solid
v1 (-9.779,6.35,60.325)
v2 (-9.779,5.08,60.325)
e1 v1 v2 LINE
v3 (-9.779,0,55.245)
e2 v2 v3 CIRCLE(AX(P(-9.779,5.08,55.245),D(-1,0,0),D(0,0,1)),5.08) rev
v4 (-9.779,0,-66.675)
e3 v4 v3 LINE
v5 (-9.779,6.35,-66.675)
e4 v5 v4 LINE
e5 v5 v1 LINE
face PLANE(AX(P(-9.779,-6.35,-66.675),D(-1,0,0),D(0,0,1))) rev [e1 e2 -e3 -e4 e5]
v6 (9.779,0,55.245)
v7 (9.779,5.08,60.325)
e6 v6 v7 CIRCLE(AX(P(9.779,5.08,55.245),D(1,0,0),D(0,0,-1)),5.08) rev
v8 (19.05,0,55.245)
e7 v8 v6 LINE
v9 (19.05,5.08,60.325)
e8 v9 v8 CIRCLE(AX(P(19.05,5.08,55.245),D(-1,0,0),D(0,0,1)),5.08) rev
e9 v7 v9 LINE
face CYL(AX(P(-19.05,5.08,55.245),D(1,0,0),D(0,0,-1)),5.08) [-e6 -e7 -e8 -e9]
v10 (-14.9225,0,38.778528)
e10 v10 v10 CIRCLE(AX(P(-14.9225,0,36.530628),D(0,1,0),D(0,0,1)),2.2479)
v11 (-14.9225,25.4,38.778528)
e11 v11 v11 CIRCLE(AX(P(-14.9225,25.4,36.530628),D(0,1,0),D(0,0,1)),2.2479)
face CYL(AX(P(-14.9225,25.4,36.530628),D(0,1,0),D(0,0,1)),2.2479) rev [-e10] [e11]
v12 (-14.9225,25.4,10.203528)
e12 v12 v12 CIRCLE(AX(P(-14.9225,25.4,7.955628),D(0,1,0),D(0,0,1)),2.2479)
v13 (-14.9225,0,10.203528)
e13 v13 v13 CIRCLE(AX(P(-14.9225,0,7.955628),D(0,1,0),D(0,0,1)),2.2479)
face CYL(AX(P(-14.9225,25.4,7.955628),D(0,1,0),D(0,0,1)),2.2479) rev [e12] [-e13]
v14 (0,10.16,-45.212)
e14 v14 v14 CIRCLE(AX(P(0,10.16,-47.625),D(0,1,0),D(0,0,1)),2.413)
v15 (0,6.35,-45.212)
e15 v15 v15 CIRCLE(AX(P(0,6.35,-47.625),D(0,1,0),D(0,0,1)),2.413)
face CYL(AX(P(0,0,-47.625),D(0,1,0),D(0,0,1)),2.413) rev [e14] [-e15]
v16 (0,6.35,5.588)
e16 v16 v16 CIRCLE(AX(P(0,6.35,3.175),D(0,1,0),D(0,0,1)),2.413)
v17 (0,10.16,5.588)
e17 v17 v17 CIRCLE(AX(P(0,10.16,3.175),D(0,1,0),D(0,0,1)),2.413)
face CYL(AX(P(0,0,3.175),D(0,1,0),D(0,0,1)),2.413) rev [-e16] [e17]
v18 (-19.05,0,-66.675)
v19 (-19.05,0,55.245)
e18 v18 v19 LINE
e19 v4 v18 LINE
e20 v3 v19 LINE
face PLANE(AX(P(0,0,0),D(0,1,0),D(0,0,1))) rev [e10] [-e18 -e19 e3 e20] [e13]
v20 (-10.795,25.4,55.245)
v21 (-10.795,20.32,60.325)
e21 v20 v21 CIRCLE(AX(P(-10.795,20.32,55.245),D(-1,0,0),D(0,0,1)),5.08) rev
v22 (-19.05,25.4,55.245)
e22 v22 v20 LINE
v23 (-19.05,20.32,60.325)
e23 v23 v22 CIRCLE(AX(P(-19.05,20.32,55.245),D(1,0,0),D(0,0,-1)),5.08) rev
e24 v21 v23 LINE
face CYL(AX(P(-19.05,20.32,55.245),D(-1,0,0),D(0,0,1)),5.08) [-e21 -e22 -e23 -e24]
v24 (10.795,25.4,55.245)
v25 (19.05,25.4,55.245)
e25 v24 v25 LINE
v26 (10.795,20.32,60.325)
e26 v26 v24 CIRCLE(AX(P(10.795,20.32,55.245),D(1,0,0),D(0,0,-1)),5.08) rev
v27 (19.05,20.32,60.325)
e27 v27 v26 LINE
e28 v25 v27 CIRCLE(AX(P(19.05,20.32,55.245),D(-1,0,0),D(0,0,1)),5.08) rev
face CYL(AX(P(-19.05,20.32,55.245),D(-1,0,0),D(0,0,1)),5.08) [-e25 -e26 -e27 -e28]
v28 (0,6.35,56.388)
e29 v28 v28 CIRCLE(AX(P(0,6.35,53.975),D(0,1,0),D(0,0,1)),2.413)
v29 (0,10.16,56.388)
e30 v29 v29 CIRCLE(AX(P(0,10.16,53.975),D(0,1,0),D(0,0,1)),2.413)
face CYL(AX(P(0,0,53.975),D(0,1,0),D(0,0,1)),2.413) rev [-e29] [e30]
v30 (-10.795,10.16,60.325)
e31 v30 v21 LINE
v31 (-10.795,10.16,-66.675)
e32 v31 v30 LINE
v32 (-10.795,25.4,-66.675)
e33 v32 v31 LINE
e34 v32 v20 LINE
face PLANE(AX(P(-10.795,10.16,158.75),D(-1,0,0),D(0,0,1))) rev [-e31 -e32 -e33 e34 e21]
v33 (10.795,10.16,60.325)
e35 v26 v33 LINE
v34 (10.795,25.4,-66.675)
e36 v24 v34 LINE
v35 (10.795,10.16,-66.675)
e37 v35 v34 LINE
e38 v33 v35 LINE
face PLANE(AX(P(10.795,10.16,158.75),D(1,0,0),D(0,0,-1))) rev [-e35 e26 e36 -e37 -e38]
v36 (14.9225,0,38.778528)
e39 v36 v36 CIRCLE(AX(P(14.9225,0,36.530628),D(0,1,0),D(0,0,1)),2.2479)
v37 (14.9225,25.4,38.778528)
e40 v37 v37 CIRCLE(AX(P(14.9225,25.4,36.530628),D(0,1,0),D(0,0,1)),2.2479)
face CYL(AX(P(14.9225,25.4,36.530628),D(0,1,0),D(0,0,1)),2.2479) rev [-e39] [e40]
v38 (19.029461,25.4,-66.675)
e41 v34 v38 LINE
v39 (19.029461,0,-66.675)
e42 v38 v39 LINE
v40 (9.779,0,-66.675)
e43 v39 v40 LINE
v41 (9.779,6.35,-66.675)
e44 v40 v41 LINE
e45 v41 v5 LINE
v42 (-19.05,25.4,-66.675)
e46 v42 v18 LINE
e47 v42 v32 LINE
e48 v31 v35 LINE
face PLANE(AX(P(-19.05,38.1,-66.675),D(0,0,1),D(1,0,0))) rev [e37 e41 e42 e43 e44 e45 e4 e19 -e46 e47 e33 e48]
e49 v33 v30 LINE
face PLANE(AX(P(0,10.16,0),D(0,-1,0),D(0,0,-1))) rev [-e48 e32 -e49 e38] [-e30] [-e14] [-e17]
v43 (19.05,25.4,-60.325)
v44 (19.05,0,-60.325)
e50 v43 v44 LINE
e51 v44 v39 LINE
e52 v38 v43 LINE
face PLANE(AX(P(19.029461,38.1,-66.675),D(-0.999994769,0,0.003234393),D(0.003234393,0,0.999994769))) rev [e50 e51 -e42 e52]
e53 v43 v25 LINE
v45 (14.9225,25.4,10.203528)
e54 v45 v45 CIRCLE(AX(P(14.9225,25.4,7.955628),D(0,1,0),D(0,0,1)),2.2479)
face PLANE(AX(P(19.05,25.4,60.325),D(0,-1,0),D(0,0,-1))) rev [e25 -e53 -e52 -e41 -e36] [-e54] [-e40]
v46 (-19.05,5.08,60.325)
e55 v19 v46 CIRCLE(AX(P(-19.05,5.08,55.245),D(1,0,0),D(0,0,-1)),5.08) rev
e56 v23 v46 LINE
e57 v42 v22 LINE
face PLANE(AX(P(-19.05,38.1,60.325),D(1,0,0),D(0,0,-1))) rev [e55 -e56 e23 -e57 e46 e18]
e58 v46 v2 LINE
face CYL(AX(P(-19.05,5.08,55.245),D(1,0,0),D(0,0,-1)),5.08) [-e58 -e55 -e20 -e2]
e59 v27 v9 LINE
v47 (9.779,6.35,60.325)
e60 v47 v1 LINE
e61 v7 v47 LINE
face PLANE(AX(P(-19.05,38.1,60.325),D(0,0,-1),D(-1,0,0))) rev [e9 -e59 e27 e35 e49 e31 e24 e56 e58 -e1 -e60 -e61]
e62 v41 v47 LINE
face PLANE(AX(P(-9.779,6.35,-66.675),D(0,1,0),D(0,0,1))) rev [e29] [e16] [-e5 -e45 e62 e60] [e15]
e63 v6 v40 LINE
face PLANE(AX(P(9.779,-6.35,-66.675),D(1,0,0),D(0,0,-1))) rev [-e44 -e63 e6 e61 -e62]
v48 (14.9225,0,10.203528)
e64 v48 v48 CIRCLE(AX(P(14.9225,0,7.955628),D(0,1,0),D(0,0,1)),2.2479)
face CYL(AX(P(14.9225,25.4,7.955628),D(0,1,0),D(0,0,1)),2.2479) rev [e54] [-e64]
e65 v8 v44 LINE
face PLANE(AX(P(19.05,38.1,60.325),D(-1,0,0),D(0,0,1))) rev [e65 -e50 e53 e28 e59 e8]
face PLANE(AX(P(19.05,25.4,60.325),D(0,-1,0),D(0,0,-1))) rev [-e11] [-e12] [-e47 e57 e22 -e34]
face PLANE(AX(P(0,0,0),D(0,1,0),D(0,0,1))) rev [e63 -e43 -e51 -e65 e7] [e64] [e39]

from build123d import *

# Parameters (mm, degrees)
BOSS_EXTRUDE1_DEPTH   = 38.1
SKETCH2_W             = 21.59
SKETCH2_H             = 254
CUT_EXTRUDE1_DEPTH    = 27.94
CUT_EXTRUDE8_DEPTH    = 86.725
SKETCH12_W            = 19.558
SKETCH12_H            = 12.7
CUT_EXTRUDE9_DEPTH    = 131.908603613
SKETCH13_R            = 2.413
CUT_EXTRUDE10_DEPTH   = 71.997998035
F_8_CLEARANCE_HOLE1_D = 4.4958
FILLET2_R             = 5.08


with BuildPart() as part:
    # Sketch1 → Boss-Extrude1 (new body)
    with BuildSketch(Plane(origin=(0, 0, 0), x_dir=(1, 0, 0), z_dir=(0, 1, 0))):
        Polygon((-19.05, 60.325), (-19.05, 66.675), (19.029461499, 66.675), (19.05, 60.325), (19.05, -60.325), (-19.05, -60.325), align=None)
    extrude(amount=BOSS_EXTRUDE1_DEPTH)

    # Sketch2 → Cut-Extrude1 (cut)
    with BuildSketch(Plane(origin=(0, 38.1, 0), x_dir=(1, 0, 0), z_dir=(0, 1, 0))):
        with Locations((0, -31.75)):
            Rectangle(SKETCH2_W, SKETCH2_H)
    extrude(amount=-CUT_EXTRUDE1_DEPTH, mode=Mode.SUBTRACT)

    # Sketch11 → Cut-Extrude8 (cut, through all)
    with BuildSketch(Plane.ZY.offset(19.05)):
        Polygon((60.325, 25.4), (35.000755529, 25.4), (21.802528375, 25.4), (-28.499244471, 25.4), (-41.697471625, 25.4), (-60.498358048, 25.4), (-66.675, 25.4), (-71.377274135, 25.4), (-71.377274135, 38.1), (-66.675, 38.1), (-60.498358048, 38.1), (60.325, 38.1), align=None)
    extrude(amount=-CUT_EXTRUDE8_DEPTH, mode=Mode.SUBTRACT)

    # Sketch12 → Cut-Extrude9 (cut, through all)
    with BuildSketch(Plane.XY.offset(60.325)):
        Rectangle(SKETCH12_W, SKETCH12_H)
    extrude(amount=-CUT_EXTRUDE9_DEPTH, mode=Mode.SUBTRACT)

    # Sketch13 → Cut-Extrude10 (cut, through all)
    with BuildSketch(Plane(origin=(0, 10.16, 0), x_dir=(1, 0, 0), z_dir=(0, 1, 0))):
        with Locations(Location((0, -53.975, 0), (0, 0, 270))):
            Circle(SKETCH13_R)
        with Locations(Location((0, 47.625, 0), (0, 0, 270))):
            Circle(SKETCH13_R)
        with Locations(Location((0, -3.175, 0), (0, 0, 270))):
            Circle(SKETCH13_R)
    extrude(amount=-CUT_EXTRUDE10_DEPTH, mode=Mode.SUBTRACT)

    # #8 Clearance Hole1 (through all)
    with Locations(Plane(origin=(0, 25.4, 0), x_dir=(1, 0, 0), z_dir=(0, 1, 0))):
        with Locations((-14.9225, -36.530628157), (-14.9225, -7.955628157), (14.9225, -7.955628157), (14.9225, -36.530628157)):
            Hole(F_8_CLEARANCE_HOLE1_D / 2)

    # Fillet2
    fillet2_edges = [part.edges().sort_by_distance(p)[0] for p in [
        (14.4145, 0, 60.325),
        (14.9225, 25.4, 60.325),
        (-14.9225, 25.4, 60.325),
        (-14.4145, 0, 60.325),
    ]]
    fillet(fillet2_edges, radius=FILLET2_R)


solid = part.part
